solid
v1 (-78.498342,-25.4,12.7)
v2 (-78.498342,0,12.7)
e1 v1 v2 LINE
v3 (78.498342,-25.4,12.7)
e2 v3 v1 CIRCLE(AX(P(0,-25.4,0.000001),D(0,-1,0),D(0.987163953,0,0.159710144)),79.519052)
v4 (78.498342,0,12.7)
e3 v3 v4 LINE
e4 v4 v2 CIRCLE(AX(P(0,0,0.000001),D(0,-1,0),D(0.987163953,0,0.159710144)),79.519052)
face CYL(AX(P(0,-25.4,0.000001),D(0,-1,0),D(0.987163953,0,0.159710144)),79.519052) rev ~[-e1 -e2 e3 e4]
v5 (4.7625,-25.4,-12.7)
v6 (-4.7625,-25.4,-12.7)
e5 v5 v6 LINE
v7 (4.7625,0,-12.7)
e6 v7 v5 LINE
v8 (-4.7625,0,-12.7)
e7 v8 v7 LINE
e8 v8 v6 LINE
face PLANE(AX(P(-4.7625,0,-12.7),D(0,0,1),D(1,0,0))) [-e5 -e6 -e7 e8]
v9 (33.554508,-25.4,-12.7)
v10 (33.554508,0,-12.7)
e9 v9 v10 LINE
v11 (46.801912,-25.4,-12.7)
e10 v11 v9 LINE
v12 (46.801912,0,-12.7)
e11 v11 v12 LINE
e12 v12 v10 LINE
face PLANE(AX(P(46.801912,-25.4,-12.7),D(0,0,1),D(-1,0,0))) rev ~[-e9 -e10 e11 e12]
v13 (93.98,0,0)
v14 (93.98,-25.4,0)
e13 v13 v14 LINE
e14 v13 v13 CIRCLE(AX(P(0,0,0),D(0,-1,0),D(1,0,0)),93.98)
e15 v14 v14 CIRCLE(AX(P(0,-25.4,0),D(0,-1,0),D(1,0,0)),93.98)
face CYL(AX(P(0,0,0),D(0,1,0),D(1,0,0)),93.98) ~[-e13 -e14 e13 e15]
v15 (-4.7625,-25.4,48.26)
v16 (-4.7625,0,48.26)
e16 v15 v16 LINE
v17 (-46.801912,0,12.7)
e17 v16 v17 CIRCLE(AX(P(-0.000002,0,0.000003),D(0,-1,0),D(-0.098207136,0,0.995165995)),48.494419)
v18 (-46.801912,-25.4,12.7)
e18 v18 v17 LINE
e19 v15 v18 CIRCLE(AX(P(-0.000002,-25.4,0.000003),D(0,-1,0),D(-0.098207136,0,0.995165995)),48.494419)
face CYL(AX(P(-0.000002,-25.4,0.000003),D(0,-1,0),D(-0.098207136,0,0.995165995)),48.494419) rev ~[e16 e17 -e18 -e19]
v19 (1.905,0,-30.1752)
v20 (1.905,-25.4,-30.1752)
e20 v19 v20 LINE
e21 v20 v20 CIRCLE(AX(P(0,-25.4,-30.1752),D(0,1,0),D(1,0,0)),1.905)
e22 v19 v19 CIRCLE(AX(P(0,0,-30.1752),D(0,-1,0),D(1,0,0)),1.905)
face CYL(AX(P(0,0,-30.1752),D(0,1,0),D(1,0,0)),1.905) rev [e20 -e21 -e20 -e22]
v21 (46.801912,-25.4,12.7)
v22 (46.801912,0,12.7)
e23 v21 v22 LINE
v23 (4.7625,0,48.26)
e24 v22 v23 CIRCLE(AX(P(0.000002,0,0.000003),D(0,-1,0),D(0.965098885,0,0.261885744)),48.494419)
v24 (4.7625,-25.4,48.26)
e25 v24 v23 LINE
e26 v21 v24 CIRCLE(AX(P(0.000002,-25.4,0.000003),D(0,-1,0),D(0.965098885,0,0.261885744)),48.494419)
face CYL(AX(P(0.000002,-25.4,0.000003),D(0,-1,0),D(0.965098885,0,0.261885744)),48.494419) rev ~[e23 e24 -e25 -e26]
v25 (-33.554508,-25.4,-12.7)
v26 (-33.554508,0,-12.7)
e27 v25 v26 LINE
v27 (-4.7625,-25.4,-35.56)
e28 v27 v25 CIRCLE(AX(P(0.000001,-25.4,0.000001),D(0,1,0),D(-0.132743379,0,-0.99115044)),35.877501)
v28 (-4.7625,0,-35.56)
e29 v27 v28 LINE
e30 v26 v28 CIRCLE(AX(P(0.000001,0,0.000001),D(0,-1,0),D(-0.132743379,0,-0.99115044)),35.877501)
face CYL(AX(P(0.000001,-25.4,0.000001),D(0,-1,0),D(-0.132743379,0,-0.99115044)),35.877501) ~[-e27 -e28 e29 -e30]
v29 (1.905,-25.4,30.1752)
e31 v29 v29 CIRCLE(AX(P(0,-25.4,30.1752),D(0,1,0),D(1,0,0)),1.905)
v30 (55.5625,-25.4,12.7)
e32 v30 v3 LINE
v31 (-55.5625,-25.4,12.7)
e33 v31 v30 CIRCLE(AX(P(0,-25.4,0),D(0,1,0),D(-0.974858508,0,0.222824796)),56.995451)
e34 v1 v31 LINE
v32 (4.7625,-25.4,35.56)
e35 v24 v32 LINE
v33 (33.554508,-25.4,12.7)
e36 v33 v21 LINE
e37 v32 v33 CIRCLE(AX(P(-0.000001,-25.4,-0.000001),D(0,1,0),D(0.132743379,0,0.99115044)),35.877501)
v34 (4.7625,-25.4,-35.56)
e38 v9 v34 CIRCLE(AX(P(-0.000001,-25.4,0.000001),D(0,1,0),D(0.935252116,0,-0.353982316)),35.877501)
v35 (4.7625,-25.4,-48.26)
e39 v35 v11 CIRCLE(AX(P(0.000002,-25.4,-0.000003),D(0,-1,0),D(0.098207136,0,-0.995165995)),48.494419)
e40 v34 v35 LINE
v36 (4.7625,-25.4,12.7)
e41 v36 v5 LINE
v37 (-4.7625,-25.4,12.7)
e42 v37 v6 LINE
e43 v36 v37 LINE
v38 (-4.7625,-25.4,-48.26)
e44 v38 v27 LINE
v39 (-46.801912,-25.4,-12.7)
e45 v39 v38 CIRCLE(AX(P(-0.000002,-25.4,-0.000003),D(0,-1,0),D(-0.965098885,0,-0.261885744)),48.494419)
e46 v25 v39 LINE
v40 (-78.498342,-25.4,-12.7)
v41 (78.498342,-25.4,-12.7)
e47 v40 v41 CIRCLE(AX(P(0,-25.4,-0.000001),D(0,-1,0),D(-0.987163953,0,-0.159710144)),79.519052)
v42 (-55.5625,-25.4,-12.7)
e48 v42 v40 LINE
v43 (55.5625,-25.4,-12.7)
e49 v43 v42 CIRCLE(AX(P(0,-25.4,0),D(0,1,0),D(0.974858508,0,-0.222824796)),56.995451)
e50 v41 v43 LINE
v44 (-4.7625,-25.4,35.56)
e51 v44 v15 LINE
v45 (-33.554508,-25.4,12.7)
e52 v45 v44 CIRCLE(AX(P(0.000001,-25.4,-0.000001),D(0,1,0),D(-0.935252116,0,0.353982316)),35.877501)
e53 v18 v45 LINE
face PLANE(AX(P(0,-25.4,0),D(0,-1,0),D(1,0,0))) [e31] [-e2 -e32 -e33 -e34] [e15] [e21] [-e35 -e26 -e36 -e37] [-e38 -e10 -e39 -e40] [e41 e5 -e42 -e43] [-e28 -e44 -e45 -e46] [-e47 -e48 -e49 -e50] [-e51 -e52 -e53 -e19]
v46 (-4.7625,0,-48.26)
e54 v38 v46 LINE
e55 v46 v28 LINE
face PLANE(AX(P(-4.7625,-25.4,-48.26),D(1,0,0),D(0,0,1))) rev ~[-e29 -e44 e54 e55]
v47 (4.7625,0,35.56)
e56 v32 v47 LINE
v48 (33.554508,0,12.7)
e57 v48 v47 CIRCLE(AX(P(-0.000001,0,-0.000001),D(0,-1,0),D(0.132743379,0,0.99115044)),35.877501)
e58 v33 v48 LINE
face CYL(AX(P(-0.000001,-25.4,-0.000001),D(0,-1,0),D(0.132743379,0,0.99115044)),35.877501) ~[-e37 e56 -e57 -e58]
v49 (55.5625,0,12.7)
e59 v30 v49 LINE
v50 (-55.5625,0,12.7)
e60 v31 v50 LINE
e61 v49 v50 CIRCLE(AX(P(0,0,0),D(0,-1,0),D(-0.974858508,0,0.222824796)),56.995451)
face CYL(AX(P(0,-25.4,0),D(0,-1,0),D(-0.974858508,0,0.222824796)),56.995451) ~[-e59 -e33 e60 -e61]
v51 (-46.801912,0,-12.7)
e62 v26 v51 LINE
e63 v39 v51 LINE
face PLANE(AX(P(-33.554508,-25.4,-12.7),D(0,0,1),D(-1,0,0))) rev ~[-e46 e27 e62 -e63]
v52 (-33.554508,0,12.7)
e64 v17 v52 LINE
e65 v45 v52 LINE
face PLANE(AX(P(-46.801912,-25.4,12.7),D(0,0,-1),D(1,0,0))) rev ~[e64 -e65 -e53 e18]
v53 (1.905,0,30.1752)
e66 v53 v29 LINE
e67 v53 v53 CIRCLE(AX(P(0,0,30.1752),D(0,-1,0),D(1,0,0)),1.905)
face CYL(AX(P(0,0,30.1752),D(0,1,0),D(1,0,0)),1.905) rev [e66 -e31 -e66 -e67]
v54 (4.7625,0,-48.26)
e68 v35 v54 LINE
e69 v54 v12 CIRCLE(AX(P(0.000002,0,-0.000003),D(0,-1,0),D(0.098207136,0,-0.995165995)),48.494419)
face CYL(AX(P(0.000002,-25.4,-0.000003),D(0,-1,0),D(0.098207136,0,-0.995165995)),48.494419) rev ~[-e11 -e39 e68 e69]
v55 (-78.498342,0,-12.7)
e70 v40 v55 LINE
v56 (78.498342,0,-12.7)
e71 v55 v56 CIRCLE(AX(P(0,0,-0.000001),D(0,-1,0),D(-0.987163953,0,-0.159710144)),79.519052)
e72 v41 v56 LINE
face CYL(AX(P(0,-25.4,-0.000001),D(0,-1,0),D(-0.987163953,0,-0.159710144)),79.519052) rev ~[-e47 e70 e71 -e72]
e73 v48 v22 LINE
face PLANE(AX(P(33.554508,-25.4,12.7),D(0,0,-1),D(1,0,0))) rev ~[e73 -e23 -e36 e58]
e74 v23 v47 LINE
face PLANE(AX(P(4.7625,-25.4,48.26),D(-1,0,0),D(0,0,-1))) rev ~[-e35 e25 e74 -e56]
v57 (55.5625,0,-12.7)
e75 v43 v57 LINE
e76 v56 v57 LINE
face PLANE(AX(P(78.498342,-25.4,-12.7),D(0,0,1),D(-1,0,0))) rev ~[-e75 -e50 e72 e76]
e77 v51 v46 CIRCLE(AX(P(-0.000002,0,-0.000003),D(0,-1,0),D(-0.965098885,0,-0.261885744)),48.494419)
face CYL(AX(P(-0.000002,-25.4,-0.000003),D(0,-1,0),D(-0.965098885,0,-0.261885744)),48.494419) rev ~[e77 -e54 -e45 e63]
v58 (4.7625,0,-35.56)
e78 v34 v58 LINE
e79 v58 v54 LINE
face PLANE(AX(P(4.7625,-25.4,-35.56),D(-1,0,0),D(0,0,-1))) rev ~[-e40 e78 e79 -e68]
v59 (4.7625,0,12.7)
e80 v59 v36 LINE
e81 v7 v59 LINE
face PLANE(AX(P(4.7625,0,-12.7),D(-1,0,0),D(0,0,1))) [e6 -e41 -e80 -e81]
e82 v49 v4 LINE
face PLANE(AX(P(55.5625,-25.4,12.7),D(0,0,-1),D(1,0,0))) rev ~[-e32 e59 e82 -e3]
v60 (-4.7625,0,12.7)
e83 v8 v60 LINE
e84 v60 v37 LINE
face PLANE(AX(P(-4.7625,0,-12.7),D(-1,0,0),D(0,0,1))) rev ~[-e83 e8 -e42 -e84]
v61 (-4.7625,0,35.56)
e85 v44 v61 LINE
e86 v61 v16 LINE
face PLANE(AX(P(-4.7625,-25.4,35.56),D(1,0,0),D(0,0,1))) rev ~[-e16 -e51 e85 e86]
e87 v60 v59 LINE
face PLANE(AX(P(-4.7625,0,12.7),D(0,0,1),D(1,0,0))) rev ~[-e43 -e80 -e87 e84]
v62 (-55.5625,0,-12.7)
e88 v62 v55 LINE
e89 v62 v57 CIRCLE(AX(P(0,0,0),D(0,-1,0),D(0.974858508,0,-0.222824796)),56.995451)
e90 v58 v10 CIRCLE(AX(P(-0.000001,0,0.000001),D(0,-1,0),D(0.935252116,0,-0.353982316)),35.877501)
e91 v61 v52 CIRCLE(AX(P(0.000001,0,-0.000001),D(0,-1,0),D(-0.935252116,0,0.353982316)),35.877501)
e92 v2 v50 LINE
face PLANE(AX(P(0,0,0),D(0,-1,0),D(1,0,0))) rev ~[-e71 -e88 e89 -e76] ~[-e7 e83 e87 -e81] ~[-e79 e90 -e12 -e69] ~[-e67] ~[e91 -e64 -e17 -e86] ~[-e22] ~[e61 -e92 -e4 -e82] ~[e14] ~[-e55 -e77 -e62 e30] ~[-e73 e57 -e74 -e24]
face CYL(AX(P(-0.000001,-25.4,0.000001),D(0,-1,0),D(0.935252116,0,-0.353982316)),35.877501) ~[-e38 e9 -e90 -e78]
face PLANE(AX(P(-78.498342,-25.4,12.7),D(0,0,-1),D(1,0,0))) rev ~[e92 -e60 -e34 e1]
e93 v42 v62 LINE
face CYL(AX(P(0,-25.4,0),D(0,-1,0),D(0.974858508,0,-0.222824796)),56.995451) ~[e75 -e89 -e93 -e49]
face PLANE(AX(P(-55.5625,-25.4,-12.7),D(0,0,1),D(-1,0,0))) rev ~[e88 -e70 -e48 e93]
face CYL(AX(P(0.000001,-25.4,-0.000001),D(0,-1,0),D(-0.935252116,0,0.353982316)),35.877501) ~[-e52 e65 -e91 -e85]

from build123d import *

# Parameters (mm, degrees)
F0_R     = 93.98
F1_DEPTH = 25.4
F2_W     = 9.525
F2_H     = 25.4
F2_R     = 1.905
F3_DEPTH = 25.401
F5_DEPTH = 25.401
F7_DEPTH = 25.401


with BuildPart() as f1:
    # F0 (on Front) → F1 (new body)
    with BuildSketch(Plane.XZ):
        Circle(F0_R)
    extrude(amount=F1_DEPTH)

    # F2 (on Front) → F3 (cut, through all)
    with BuildSketch(Plane.XZ):
        Rectangle(F2_W, F2_H)
        with Locations((0, 30.1752)):
            Circle(F2_R)
        with Locations((0, -30.1752)):
            Circle(F2_R)
    extrude(amount=F3_DEPTH, mode=Mode.SUBTRACT)

    # F4 (on face) → F5 (cut, through all)
    with BuildSketch(Plane.XZ.offset(25.4)):
        with BuildLine():
            ThreePointArc((-55.5625, 12.7), (0, 56.995451), (55.5625, 12.7))
            Line((55.5625, 12.7), (78.498342, 12.7))
            ThreePointArc((78.498342, 12.7), (0, 79.519053), (-78.498342, 12.7))
            Line((-78.498342, 12.7), (-55.5625, 12.7))
        make_face()
        with BuildLine():
            Line((78.498342, -12.7), (55.5625, -12.7))
            ThreePointArc((55.5625, -12.7), (0, -56.995451), (-55.5625, -12.7))
            Line((-55.5625, -12.7), (-78.498342, -12.7))
            ThreePointArc((-78.498342, -12.7), (0, -79.519053), (78.498342, -12.7))
        make_face()
    extrude(amount=-F5_DEPTH, mode=Mode.SUBTRACT)

    # F6 (on face) → F7 (cut, through all)
    with BuildSketch(Plane.XZ.offset(25.4)):
        with BuildLine():
            ThreePointArc((-33.554508, 12.7), (-22.309038, 28.098075), (-4.7625, 35.56))
            Line((-4.7625, 35.56), (-4.7625, 48.26))
            ThreePointArc((-4.7625, 48.26), (-31.318534, 37.025106), (-46.801912, 12.7))
            Line((-46.801912, 12.7), (-33.554508, 12.7))
        make_face()
        with BuildLine():
            Line((4.7625, 48.26), (4.7625, 35.56))
            ThreePointArc((4.7625, 35.56), (22.309038, 28.098075), (33.554508, 12.7))
            Line((33.554508, 12.7), (46.801912, 12.7))
            ThreePointArc((46.801912, 12.7), (31.318534, 37.025106), (4.7625, 48.26))
        make_face()
        with BuildLine():
            ThreePointArc((4.7625, -48.26), (31.318534, -37.025106), (46.801912, -12.7))
            Line((46.801912, -12.7), (33.554508, -12.7))
            ThreePointArc((33.554508, -12.7), (22.309038, -28.098075), (4.7625, -35.56))
            Line((4.7625, -35.56), (4.7625, -48.26))
        make_face()
        with BuildLine():
            Line((-4.7625, -48.26), (-4.7625, -35.56))
            ThreePointArc((-4.7625, -35.56), (-22.309038, -28.098075), (-33.554508, -12.7))
            Line((-33.554508, -12.7), (-46.801912, -12.7))
            ThreePointArc((-46.801912, -12.7), (-31.318534, -37.025106), (-4.7625, -48.26))
        make_face()
    extrude(amount=-F7_DEPTH, mode=Mode.SUBTRACT)


solid = f1.part
